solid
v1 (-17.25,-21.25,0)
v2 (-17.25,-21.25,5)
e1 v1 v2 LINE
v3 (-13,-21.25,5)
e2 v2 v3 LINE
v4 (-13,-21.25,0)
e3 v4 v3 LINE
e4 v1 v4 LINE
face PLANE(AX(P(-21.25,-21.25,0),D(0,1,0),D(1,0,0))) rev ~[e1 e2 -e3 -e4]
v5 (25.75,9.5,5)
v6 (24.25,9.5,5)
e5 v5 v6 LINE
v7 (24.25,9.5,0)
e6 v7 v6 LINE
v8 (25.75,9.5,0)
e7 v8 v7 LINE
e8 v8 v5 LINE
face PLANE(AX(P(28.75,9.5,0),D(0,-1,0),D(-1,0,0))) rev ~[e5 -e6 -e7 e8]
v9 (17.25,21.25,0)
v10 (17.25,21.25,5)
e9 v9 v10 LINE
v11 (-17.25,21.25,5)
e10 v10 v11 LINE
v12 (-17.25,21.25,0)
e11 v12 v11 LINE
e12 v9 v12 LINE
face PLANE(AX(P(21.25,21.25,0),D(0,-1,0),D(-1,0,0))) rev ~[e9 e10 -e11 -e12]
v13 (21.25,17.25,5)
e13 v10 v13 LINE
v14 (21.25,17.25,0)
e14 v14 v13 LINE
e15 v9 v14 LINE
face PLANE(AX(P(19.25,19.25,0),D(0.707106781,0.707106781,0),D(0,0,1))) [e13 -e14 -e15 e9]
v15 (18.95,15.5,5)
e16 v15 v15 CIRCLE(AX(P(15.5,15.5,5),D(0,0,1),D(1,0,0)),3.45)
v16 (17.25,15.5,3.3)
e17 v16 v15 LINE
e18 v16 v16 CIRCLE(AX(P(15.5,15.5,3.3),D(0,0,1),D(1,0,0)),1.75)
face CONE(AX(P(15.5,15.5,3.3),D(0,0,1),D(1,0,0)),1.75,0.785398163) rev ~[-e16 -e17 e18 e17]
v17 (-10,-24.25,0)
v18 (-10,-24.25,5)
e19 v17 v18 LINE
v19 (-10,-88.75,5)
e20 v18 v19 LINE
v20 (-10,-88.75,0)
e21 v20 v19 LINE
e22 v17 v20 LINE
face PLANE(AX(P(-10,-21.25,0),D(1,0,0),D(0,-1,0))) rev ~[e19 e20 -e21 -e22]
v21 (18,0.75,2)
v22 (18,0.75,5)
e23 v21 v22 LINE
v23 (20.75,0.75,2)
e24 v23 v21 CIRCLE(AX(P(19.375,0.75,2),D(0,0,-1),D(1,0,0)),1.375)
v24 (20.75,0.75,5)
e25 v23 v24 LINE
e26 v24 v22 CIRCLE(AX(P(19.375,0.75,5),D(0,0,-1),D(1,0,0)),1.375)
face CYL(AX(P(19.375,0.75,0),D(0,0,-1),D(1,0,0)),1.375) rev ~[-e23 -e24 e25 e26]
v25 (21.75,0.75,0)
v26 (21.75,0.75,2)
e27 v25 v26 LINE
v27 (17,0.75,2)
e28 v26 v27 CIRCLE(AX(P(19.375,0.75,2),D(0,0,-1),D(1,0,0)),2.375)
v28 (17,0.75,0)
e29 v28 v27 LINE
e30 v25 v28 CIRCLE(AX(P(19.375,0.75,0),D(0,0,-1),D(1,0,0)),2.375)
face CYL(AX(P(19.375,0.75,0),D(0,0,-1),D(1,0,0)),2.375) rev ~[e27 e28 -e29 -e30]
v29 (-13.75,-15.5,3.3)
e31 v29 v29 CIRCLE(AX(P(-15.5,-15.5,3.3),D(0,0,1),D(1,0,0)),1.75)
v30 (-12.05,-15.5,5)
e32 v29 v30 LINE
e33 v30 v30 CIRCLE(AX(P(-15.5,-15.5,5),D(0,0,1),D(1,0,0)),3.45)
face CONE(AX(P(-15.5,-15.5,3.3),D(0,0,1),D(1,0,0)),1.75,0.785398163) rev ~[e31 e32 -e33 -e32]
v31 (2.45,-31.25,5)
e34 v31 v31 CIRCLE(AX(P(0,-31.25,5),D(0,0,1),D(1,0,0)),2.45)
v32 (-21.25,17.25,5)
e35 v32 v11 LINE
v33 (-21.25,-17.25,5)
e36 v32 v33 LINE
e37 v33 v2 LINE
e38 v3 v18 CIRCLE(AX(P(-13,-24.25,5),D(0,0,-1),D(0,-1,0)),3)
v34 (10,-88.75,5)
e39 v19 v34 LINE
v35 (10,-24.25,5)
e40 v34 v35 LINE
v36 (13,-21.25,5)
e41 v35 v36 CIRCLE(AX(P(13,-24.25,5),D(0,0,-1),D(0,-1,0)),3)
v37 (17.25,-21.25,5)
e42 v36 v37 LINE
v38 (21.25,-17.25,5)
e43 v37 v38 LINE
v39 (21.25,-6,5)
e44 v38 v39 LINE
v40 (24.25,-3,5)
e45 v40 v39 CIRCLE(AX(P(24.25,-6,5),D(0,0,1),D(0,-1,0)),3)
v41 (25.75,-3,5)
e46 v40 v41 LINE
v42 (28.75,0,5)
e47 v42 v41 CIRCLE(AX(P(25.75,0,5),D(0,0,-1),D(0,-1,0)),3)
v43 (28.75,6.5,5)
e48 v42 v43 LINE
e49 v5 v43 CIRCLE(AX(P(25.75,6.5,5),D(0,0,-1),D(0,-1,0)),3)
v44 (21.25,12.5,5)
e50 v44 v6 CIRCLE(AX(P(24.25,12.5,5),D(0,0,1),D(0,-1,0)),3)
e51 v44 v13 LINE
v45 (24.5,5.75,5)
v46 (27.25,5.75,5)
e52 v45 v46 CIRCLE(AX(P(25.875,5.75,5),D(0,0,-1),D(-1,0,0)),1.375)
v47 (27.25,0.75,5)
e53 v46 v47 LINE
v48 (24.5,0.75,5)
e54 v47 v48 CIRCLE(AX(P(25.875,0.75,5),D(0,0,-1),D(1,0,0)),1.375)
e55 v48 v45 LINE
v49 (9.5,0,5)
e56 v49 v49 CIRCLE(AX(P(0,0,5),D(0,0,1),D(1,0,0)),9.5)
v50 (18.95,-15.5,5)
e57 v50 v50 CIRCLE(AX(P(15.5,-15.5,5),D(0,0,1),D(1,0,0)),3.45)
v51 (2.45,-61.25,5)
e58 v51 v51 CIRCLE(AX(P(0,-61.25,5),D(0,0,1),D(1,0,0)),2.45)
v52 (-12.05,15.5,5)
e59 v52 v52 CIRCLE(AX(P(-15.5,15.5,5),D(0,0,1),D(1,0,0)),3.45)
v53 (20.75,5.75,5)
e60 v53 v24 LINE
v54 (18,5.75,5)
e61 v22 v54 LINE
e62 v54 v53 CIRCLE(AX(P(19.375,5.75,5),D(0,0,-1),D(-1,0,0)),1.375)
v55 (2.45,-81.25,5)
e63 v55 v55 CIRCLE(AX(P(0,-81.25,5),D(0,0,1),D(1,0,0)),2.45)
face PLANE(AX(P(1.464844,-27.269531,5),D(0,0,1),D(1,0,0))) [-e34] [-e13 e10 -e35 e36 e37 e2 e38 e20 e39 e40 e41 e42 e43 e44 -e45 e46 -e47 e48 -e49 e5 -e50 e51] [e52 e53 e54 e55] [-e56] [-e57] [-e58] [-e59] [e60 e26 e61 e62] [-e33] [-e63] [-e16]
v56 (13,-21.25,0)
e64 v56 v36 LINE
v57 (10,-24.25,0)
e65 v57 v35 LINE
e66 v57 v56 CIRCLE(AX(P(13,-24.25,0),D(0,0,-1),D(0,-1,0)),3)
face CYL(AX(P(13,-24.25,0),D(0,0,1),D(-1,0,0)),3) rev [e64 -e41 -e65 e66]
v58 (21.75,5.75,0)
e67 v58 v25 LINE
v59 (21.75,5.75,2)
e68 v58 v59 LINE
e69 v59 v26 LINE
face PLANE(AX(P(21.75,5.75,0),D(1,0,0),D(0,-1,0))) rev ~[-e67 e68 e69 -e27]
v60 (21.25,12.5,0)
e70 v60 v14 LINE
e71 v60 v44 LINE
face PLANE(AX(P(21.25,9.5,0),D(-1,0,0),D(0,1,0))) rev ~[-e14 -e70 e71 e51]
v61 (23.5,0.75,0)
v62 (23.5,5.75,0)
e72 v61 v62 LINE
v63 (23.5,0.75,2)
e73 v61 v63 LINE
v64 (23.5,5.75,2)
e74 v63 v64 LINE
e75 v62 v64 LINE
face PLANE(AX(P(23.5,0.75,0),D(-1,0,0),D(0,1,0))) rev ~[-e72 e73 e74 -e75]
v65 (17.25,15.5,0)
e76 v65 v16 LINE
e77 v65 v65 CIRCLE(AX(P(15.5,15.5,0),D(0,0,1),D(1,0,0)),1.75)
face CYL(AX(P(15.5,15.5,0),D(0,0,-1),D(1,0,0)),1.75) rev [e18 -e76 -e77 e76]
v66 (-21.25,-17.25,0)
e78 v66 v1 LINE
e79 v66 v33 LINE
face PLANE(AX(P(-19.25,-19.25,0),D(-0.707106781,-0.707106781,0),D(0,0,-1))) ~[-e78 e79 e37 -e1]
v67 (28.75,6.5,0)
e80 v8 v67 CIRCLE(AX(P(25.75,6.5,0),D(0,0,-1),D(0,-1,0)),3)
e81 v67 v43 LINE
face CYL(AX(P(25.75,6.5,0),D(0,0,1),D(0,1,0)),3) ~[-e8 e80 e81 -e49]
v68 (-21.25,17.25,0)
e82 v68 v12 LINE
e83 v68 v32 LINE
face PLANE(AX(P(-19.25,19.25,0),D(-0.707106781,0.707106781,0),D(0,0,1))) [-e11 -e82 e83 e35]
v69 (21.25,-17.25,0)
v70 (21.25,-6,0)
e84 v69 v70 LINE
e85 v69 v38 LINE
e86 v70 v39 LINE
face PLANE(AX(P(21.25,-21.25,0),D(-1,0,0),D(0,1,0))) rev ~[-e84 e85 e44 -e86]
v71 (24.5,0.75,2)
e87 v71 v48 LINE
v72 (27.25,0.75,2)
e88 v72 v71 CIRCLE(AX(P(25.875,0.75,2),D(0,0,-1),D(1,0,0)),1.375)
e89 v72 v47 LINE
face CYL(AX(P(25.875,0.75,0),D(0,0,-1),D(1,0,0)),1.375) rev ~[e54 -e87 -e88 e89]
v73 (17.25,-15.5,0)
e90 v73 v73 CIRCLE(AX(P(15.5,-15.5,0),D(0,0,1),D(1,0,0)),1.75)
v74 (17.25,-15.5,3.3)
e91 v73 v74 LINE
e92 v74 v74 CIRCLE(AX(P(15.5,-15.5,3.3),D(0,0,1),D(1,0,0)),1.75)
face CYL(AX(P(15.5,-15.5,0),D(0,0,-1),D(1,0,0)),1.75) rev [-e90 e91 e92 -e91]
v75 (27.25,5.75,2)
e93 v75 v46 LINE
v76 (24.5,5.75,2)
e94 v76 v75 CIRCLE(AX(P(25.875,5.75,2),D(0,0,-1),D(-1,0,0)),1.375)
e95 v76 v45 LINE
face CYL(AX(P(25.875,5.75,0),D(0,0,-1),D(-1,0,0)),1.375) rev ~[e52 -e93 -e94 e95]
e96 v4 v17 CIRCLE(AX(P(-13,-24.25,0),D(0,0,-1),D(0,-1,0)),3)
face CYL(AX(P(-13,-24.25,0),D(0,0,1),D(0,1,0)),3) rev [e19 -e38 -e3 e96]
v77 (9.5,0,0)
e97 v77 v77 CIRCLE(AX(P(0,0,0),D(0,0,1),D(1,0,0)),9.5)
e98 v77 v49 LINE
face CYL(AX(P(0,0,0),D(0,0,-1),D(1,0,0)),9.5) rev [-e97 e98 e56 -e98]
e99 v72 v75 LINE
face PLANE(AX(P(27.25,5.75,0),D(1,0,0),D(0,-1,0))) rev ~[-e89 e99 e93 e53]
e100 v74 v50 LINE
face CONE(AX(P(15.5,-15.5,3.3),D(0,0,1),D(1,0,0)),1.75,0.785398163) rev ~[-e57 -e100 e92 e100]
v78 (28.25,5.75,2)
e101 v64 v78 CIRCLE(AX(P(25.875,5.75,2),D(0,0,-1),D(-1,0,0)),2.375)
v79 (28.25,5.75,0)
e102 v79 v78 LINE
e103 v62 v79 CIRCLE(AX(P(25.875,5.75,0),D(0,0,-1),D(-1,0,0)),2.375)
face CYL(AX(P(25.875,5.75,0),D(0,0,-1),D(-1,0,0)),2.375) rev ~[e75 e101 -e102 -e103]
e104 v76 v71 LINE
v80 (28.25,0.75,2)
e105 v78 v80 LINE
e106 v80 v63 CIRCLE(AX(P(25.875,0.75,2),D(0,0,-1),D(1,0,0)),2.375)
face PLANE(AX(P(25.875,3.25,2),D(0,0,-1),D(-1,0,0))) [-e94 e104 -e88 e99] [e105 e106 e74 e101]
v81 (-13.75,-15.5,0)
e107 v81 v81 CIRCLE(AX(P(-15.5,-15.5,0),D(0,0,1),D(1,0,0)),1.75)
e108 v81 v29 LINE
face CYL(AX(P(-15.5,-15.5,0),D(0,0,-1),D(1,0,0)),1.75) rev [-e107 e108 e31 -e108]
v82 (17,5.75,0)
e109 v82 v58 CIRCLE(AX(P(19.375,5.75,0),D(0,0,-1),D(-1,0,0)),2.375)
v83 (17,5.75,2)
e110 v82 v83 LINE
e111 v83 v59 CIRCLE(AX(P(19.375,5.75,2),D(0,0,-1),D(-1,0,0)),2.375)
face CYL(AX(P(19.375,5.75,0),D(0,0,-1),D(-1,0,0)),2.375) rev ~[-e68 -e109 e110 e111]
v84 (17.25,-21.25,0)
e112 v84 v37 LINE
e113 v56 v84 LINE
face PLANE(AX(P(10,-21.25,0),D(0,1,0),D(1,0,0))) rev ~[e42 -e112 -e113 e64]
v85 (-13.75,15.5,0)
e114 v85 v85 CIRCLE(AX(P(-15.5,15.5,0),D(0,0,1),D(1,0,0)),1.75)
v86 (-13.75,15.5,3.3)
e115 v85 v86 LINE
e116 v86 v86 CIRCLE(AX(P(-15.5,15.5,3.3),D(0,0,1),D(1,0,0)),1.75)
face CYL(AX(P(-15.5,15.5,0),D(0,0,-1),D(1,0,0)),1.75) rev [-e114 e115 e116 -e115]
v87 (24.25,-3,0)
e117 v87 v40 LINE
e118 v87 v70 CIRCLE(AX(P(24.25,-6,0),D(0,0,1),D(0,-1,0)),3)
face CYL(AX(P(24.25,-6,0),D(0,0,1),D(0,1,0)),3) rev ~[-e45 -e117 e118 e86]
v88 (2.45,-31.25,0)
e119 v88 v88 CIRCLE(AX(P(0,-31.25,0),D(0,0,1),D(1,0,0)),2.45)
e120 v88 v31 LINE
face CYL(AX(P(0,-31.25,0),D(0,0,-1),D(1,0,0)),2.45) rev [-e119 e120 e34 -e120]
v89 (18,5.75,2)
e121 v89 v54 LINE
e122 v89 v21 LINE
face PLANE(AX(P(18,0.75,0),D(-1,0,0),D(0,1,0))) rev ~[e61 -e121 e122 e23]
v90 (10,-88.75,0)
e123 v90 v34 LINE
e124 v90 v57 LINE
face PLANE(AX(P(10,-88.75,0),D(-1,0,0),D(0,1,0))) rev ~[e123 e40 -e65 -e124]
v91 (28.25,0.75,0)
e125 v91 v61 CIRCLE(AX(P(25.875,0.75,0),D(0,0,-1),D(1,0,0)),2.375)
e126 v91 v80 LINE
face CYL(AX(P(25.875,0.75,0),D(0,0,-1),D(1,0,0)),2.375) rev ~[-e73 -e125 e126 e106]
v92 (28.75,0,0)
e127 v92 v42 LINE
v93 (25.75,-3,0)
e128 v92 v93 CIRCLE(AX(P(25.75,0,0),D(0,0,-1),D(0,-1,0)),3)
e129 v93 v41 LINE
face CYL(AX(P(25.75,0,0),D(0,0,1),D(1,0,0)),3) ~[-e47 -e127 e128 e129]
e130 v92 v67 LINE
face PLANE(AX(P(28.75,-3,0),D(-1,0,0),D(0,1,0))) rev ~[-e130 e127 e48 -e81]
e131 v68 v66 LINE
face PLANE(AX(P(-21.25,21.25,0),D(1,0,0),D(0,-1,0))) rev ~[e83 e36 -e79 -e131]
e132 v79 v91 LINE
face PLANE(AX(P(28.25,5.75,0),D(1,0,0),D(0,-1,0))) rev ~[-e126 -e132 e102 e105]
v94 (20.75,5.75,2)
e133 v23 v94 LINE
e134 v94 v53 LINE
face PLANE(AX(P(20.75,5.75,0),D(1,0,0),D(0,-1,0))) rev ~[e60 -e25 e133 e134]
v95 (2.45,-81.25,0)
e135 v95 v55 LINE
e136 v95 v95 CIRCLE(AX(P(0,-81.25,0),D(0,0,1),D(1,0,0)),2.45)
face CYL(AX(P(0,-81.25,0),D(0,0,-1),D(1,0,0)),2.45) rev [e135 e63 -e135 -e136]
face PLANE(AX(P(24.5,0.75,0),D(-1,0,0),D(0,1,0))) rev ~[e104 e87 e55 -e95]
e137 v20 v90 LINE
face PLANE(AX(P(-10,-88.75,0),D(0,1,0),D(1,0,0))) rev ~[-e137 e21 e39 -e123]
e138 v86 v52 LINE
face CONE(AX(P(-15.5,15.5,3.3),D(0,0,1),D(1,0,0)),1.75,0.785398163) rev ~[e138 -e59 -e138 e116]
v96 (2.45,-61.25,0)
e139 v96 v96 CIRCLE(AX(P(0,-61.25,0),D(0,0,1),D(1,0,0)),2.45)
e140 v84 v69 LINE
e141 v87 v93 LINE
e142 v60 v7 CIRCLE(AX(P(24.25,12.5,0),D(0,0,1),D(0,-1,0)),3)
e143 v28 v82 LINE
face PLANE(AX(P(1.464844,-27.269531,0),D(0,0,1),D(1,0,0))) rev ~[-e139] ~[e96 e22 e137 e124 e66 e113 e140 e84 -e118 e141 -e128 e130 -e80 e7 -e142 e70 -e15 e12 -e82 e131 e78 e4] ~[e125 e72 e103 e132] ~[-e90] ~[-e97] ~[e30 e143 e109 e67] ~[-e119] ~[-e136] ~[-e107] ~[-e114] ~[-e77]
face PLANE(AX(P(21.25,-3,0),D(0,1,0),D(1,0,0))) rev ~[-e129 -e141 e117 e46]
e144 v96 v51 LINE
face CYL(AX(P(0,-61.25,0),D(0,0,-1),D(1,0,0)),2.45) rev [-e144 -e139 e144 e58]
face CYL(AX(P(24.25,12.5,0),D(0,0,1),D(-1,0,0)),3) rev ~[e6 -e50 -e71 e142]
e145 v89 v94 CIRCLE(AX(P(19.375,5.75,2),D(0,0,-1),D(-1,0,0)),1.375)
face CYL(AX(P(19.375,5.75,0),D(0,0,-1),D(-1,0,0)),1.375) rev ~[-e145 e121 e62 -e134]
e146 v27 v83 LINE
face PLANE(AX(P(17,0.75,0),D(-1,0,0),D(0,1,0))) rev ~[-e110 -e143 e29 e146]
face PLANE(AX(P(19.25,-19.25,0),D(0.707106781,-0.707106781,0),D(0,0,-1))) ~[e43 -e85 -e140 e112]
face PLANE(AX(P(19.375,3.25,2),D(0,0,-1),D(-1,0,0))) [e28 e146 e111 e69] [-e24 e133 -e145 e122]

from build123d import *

# Parameters (mm, degrees)
SKETCH_1_R          = 1.75
SKETCH_1_R_2        = 9.5
SKETCH_1_R_3        = 2.45
EXTRUDE_1_DEPTH     = 5
CHAMFER_1_SIZE      = 4
FILLET_1_R          = 3
CHAMFER_2_SIZE      = 1.7
CUT_EXTRUDE_1_DEPTH = 2


with BuildPart() as part:
    # Эскиз1 → Бобышка-Вытянуть1 (new body)
    with BuildSketch(Plane.XY):
        Polygon((-21.25, 21.25), (-21.25, -21.25), (-10, -21.25), (-10, -88.75), (10, -88.75), (10, -21.25), (21.25, -21.25), (21.25, -3), (28.75, -3), (28.75, 9.5), (21.25, 9.5), (21.25, 21.25), align=None)
        with Locations((-15.5, -15.5)):
            Circle(SKETCH_1_R, mode=Mode.SUBTRACT)
        with Locations((-15.5, 15.5)):
            Circle(SKETCH_1_R, mode=Mode.SUBTRACT)
        Circle(SKETCH_1_R_2, mode=Mode.SUBTRACT)
        with Locations((15.5, -15.5)):
            Circle(SKETCH_1_R, mode=Mode.SUBTRACT)
        with Locations((15.5, 15.5)):
            Circle(SKETCH_1_R, mode=Mode.SUBTRACT)
        with BuildLine():
            ThreePointArc((20.75, 0.75), (19.375, -0.625), (18, 0.75))
            Line((18, 0.75), (18, 5.75))
            ThreePointArc((18, 5.75), (19.375, 7.125), (20.75, 5.75))
            Line((20.75, 5.75), (20.75, 0.75))
        make_face(mode=Mode.SUBTRACT)
        with Locations((0, -31.25)):
            Circle(SKETCH_1_R_3, mode=Mode.SUBTRACT)
        with Locations((0, -81.25)):
            Circle(SKETCH_1_R_3, mode=Mode.SUBTRACT)
        with Locations((0, -61.25)):
            Circle(SKETCH_1_R_3, mode=Mode.SUBTRACT)
        with BuildLine():
            Line((24.5, 0.75), (24.5, 5.75))
            ThreePointArc((24.5, 5.75), (25.875, 7.125), (27.25, 5.75))
            Line((27.25, 5.75), (27.25, 0.75))
            ThreePointArc((27.25, 0.75), (25.875, -0.625), (24.5, 0.75))
        make_face(mode=Mode.SUBTRACT)
    extrude(amount=EXTRUDE_1_DEPTH)

    # Фаска1
    chamfer_1_edges = [part.edges().sort_by_distance(p)[0] for p in [
        (-21.25, -21.25, 2.5),
        (-21.25, 21.25, 2.5),
        (21.25, 21.25, 2.5),
        (21.25, -21.25, 2.5),
    ]]
    chamfer(chamfer_1_edges, length=CHAMFER_1_SIZE)

    # Скругление1
    fillet_1_edges = [part.edges().sort_by_distance(p)[0] for p in [
        (21.25, 9.5, 2.5),
        (28.75, 9.5, 2.5),
        (28.75, -3, 2.5),
        (21.25, -3, 2.5),
        (10, -21.25, 2.5),
        (-10, -21.25, 2.5),
    ]]
    fillet(fillet_1_edges, radius=FILLET_1_R)

    # Фаска2
    chamfer_2_edges = [part.edges().sort_by_distance(p)[0] for p in [
        (-17.25, -15.5, 5),
        (13.75, -15.5, 5),
        (13.75, 15.5, 5),
        (-17.25, 15.5, 5),
    ]]
    chamfer(chamfer_2_edges, length=CHAMFER_2_SIZE)

    # Эскиз2 → Вырез-Вытянуть1 (cut)
    with BuildSketch(Plane(origin=(0, 0, 0), x_dir=(-1, 0, 0), z_dir=(0, 0, -1))):
        with BuildLine():
            Line((-28.25, 5.75), (-28.25, 0.75))
            ThreePointArc((-28.25, 0.75), (-25.875, -1.625), (-23.5, 0.75))
            Line((-23.5, 0.75), (-23.5, 5.75))
            ThreePointArc((-23.5, 5.75), (-25.875, 8.125), (-28.25, 5.75))
        make_face()
        with BuildLine():
            Line((-17, 0.75), (-17, 5.75))
            ThreePointArc((-17, 5.75), (-19.375, 8.125), (-21.75, 5.75))
            Line((-21.75, 5.75), (-21.75, 0.75))
            ThreePointArc((-21.75, 0.75), (-19.375, -1.625), (-17, 0.75))
        make_face()
    extrude(amount=-CUT_EXTRUDE_1_DEPTH, mode=Mode.SUBTRACT)


solid = part.part
